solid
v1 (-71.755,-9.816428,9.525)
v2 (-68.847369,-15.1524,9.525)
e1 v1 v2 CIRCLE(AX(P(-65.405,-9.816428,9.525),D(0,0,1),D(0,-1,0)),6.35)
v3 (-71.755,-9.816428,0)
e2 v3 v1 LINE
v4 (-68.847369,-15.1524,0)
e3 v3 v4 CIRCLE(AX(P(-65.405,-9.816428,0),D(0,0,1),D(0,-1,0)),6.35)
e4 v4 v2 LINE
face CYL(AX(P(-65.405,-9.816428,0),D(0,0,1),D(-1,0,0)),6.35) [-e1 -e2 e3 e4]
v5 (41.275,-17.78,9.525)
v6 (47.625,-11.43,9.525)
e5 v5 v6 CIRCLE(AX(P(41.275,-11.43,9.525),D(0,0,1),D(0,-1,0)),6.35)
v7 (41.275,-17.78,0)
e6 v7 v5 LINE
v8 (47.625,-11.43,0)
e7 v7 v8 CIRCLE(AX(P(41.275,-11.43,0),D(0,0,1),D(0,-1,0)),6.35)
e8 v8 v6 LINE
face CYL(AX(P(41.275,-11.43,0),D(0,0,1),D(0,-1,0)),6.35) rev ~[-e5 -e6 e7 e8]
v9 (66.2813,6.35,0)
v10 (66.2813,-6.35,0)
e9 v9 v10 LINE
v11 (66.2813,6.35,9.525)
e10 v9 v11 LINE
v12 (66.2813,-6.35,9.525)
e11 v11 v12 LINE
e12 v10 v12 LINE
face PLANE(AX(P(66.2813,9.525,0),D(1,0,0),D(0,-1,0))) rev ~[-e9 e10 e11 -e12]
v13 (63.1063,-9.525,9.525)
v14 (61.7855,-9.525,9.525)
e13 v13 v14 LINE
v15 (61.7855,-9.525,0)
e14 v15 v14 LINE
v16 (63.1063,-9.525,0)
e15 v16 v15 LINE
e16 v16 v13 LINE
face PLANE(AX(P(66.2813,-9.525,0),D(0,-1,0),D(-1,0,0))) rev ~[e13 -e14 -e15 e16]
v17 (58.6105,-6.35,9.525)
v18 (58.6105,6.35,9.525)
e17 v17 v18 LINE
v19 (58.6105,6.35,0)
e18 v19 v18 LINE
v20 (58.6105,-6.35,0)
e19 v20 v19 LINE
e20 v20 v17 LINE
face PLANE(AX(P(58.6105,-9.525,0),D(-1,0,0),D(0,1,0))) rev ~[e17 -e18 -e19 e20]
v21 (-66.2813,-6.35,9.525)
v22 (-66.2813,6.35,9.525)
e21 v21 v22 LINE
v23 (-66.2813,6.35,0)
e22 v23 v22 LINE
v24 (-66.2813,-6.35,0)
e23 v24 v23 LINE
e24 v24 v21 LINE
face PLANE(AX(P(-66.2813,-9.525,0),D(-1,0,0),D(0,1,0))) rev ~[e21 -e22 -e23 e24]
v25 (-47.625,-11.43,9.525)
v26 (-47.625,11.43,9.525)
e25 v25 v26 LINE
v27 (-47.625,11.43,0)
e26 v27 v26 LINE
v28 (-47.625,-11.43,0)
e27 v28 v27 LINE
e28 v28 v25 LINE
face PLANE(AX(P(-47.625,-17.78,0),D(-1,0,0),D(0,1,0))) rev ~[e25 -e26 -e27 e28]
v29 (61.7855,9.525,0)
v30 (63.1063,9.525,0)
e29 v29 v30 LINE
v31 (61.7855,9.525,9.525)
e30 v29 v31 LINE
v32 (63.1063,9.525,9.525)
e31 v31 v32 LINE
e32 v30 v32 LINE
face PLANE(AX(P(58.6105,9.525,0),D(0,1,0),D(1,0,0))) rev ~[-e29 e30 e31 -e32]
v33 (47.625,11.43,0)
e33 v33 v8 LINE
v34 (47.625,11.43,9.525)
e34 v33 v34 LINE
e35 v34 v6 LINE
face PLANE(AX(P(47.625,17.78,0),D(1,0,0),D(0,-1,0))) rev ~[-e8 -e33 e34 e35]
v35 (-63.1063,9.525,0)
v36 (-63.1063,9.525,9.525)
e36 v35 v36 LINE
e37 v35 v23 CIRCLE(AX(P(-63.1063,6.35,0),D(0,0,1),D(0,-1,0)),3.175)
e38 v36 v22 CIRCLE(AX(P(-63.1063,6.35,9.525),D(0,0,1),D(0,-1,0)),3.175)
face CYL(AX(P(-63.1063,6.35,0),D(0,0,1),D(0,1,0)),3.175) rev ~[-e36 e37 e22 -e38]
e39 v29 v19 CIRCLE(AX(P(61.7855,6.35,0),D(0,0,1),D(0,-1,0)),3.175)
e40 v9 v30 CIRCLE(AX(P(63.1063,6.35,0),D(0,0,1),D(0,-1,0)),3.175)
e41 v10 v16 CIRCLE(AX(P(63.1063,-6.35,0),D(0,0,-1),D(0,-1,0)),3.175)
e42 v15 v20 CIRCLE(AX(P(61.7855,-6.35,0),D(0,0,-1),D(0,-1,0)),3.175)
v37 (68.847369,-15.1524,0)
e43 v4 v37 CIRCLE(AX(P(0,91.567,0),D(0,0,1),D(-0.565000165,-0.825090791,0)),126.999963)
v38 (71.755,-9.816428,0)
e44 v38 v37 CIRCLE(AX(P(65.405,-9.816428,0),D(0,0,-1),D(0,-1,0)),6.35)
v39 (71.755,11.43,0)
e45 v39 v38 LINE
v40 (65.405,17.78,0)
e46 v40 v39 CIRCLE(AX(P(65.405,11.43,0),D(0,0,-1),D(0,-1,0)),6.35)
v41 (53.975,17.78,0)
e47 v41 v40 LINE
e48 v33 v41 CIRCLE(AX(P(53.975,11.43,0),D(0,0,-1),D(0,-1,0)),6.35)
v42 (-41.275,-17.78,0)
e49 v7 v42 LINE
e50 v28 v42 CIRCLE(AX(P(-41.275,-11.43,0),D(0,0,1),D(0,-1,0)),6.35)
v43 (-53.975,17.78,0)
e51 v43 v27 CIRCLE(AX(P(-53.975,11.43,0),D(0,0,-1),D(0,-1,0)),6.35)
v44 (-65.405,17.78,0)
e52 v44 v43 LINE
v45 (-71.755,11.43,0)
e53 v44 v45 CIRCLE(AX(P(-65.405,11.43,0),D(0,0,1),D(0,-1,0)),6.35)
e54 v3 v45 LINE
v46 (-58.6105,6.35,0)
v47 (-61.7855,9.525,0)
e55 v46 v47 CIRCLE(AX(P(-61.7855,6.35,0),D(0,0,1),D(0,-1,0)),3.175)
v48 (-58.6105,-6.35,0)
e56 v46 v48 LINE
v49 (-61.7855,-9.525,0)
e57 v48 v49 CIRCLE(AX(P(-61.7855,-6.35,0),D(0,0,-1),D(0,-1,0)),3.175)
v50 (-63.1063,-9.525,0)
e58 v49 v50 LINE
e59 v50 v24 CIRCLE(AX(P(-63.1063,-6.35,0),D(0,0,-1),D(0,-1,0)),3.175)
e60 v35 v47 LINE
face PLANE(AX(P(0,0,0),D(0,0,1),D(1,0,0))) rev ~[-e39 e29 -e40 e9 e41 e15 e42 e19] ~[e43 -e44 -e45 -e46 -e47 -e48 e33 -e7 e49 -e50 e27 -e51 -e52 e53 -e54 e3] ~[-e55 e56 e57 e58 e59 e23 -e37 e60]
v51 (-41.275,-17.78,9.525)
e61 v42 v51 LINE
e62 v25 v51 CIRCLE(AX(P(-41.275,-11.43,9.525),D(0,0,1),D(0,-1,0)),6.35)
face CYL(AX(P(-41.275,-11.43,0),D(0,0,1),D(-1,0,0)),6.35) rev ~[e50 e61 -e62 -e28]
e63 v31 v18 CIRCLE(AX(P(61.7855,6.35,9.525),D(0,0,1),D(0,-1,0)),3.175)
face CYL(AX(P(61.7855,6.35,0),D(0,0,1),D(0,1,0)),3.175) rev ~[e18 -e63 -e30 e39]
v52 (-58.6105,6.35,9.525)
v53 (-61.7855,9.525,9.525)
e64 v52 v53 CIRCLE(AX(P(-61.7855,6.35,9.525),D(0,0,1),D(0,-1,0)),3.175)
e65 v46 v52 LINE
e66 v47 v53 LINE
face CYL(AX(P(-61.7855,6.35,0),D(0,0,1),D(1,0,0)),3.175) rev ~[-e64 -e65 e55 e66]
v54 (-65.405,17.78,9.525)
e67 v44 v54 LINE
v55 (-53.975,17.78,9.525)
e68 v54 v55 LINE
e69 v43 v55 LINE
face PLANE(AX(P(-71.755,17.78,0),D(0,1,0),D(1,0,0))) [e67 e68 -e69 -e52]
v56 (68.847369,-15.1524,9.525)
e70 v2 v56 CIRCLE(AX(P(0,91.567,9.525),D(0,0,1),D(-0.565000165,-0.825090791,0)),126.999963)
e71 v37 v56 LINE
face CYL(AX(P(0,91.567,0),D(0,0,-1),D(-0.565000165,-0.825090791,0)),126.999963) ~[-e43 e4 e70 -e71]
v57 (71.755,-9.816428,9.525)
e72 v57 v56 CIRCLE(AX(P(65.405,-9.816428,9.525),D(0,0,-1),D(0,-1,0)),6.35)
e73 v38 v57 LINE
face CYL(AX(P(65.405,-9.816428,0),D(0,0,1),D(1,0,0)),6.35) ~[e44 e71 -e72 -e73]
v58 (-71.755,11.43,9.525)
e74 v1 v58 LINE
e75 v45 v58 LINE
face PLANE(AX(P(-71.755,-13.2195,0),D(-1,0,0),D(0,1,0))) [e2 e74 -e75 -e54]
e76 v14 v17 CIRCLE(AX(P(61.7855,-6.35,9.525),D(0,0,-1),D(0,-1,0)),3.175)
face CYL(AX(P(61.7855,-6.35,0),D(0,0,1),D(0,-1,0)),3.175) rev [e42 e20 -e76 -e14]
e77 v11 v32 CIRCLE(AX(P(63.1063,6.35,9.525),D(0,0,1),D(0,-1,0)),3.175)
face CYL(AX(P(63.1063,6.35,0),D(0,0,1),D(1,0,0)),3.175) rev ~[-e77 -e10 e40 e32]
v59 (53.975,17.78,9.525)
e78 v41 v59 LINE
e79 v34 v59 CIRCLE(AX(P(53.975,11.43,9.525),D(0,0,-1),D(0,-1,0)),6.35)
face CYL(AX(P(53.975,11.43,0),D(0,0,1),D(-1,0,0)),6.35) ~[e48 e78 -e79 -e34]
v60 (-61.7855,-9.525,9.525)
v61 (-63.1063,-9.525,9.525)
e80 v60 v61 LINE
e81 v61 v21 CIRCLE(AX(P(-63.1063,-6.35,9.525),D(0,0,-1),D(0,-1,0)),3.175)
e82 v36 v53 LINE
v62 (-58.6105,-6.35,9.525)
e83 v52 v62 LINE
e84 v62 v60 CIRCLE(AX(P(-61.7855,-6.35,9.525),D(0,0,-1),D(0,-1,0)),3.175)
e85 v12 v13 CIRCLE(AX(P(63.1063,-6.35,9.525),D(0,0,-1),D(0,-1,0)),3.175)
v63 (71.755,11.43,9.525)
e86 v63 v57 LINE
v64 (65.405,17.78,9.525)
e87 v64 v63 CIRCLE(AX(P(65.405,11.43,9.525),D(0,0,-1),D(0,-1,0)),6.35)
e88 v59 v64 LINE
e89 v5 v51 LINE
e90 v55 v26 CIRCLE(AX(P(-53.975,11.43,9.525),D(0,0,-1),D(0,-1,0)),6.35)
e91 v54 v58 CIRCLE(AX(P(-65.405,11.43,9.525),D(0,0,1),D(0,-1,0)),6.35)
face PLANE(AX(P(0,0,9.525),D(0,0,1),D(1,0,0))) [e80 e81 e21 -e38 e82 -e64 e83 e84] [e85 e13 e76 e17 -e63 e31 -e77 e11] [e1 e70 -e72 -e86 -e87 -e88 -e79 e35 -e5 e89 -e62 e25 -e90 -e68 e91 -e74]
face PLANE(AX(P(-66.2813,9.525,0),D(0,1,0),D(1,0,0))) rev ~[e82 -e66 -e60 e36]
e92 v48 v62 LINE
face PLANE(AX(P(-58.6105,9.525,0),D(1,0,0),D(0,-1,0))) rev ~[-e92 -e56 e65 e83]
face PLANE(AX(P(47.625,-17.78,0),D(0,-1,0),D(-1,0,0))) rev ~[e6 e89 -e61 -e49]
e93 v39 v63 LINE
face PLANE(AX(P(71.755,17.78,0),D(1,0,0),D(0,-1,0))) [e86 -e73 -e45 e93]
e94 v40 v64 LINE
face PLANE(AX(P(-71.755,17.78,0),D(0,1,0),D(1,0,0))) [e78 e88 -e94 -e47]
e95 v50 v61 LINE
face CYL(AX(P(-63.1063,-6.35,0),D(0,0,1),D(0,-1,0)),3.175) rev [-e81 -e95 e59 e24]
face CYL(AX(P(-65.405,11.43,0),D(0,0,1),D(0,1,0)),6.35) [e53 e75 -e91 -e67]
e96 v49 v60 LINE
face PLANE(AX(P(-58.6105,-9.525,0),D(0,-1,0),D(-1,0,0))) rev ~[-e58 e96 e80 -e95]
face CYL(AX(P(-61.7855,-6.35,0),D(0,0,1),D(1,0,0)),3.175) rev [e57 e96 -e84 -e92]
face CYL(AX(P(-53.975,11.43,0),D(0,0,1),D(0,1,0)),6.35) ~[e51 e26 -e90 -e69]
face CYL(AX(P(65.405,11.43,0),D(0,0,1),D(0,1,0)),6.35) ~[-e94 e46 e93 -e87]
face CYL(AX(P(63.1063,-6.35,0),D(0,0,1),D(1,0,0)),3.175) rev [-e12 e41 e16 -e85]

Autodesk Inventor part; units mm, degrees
sketch "Sketch1" plane through (0, 0, 0) normal (0, 0, 1) x (1, 0, 0)
  line L0 (-100.457, 0) -> (100.457, 0) construction
  line L1 (0, 116.967) -> (0, -60.833) construction
  circle A0 centre (-62.4459, 0) radius 3.8354 construction
  circle A1 centre (62.4459, 0) radius 3.8354 construction
  line L2 (-62.4459, 0) -> (62.4459, 0) construction
  line L3 (-71.755, 17.78) -> (71.755, 17.78)
  line L4 (71.755, 17.78) -> (71.755, -13.2195)
  line L5 (-71.755, -13.2195) -> (-71.755, 17.78)
  circle A2 centre (-64.3509, 0) radius 3.8354 construction
  circle A3 centre (-60.5409, 0) radius 3.8354 construction
  line L6 (-64.3559, 3.8354) -> (-60.5409, 3.8354) construction
  line L7 (-64.3763, -3.8353) -> (-60.541, -3.8354) construction
  circle A4 centre (62.4459, 0) radius 3.8354 construction
  arc A5 (-71.755, -13.2195) -> (71.755, -13.2195) centre (0, 91.567) ccw
  line L8 (66.2813, -9.525) -> (58.6105, -9.525)
  line L9 (58.6105, -9.525) -> (58.6105, 9.525)
  line L10 (58.6105, 9.525) -> (66.2813, 9.525)
  line L11 (66.2813, 9.525) -> (66.2813, -9.525)
  line L12 (66.2813, -9.525) -> (58.6105, 9.525) construction
  line L13 (58.6105, -9.525) -> (66.2813, 9.525) construction
  line L14 (-58.6105, -9.525) -> (-66.2813, -9.525)
  line L15 (-66.2813, -9.525) -> (-66.2813, 9.525)
  line L16 (-66.2813, 9.525) -> (-58.6105, 9.525)
  line L17 (-58.6105, 9.525) -> (-58.6105, -9.525)
  line L18 (-58.6105, -9.525) -> (-66.2813, 9.525) construction
  line L19 (-66.2813, -9.525) -> (-58.6105, 9.525) construction
  point P0 (0, 0)
  point P1 (0, 0)
  point P2 (0, 17.78)
  dimension "d0" = 7.6708
  dimension "d1" = 124.8918
  dimension "d2" = 143.51
  dimension "d3" = 17.78
  dimension "d16" = 7.6708
  dimension "d17" = 1.905
  dimension "d18" = 1.905
  dimension "d33" = 127
  dimension "d34" = 19.05
  dimension "d35" = 19.05
  dimension "d36" = 7.6708
  dimension "d37" = 35.433
ref_plane "Work Plane1" through (0, -74.9046, 0) normal (0, 1, 0) x (-1, 0, 0)
ref_plane "Work Plane2" through (0, -1.905, 0) normal (0, 1, 0) x (-1, 0, 0)
extrude "Extrusion1" add sketch "Sketch1" along normal blind 9.525 contours L3 L4 A5 L5 | L8 L9 L10 L11 | L14 L15 L16 L17
extrude "Extrusion3" cut sketch "Sketch1" along normal blind 9.525 contours L8 L9 L10 L11 | L14 L15 L16 L17
sketch "Sketch4" plane through (0, 0, 0) normal (0, 0, 1) x (1, 0, 0)
  line L0 (-71.755, 17.78) -> (71.755, 17.78) projected
  line L1 (-47.625, 17.78) -> (47.625, 17.78)
  line L2 (47.625, 17.78) -> (47.625, -17.78)
  line L3 (47.625, -17.78) -> (-47.625, -17.78)
  line L4 (-47.625, -17.78) -> (-47.625, 17.78)
  line L5 (0, -17.78) -> (0, 17.78) construction
  point P0 (0, 0)
  dimension "d21" = 35.56
  dimension "d22" = 95.25
  dimension "d23" = 0
extrude "Extrusion4" cut sketch "Sketch4" along normal up to next
fillet "Fillet2" radius 6.35 8 edges at (-47.625, -17.78, 4.7625) (-47.625, 17.78, 4.7625) (-71.755, 17.78, 4.7625) (47.625, -17.78, 4.7625) (47.625, 17.78, 4.7625) (71.755, 17.78, 4.7625) (71.755, -13.2195, 4.7625) (-71.755, -13.2195, 4.7625)
fillet "Fillet4" radius 3.175 8 edges at (-66.2813, 9.525, 4.7625) (-58.6105, 9.525, 4.7625) (-58.6105, -9.525, 4.7625) (-66.2813, -9.525, 4.7625) (58.6105, 9.525, 4.7625) (66.2813, 9.525, 4.7625) (66.2813, -9.525, 4.7625) (58.6105, -9.525, 4.7625)
sketch "Sketch5" plane through (0, 0, 0) normal (0, 0, 1) x (1, 0, 0)
  line L0 (-100.457, -1.905) -> (100.457, -1.905) projected
  line L1 (-62.4459, 0) -> (-62.4459, -1.905)
  line L2 (62.4459, 0) -> (62.4459, -1.905)
  point P0 (0, 0)
properties part number "J005684"
